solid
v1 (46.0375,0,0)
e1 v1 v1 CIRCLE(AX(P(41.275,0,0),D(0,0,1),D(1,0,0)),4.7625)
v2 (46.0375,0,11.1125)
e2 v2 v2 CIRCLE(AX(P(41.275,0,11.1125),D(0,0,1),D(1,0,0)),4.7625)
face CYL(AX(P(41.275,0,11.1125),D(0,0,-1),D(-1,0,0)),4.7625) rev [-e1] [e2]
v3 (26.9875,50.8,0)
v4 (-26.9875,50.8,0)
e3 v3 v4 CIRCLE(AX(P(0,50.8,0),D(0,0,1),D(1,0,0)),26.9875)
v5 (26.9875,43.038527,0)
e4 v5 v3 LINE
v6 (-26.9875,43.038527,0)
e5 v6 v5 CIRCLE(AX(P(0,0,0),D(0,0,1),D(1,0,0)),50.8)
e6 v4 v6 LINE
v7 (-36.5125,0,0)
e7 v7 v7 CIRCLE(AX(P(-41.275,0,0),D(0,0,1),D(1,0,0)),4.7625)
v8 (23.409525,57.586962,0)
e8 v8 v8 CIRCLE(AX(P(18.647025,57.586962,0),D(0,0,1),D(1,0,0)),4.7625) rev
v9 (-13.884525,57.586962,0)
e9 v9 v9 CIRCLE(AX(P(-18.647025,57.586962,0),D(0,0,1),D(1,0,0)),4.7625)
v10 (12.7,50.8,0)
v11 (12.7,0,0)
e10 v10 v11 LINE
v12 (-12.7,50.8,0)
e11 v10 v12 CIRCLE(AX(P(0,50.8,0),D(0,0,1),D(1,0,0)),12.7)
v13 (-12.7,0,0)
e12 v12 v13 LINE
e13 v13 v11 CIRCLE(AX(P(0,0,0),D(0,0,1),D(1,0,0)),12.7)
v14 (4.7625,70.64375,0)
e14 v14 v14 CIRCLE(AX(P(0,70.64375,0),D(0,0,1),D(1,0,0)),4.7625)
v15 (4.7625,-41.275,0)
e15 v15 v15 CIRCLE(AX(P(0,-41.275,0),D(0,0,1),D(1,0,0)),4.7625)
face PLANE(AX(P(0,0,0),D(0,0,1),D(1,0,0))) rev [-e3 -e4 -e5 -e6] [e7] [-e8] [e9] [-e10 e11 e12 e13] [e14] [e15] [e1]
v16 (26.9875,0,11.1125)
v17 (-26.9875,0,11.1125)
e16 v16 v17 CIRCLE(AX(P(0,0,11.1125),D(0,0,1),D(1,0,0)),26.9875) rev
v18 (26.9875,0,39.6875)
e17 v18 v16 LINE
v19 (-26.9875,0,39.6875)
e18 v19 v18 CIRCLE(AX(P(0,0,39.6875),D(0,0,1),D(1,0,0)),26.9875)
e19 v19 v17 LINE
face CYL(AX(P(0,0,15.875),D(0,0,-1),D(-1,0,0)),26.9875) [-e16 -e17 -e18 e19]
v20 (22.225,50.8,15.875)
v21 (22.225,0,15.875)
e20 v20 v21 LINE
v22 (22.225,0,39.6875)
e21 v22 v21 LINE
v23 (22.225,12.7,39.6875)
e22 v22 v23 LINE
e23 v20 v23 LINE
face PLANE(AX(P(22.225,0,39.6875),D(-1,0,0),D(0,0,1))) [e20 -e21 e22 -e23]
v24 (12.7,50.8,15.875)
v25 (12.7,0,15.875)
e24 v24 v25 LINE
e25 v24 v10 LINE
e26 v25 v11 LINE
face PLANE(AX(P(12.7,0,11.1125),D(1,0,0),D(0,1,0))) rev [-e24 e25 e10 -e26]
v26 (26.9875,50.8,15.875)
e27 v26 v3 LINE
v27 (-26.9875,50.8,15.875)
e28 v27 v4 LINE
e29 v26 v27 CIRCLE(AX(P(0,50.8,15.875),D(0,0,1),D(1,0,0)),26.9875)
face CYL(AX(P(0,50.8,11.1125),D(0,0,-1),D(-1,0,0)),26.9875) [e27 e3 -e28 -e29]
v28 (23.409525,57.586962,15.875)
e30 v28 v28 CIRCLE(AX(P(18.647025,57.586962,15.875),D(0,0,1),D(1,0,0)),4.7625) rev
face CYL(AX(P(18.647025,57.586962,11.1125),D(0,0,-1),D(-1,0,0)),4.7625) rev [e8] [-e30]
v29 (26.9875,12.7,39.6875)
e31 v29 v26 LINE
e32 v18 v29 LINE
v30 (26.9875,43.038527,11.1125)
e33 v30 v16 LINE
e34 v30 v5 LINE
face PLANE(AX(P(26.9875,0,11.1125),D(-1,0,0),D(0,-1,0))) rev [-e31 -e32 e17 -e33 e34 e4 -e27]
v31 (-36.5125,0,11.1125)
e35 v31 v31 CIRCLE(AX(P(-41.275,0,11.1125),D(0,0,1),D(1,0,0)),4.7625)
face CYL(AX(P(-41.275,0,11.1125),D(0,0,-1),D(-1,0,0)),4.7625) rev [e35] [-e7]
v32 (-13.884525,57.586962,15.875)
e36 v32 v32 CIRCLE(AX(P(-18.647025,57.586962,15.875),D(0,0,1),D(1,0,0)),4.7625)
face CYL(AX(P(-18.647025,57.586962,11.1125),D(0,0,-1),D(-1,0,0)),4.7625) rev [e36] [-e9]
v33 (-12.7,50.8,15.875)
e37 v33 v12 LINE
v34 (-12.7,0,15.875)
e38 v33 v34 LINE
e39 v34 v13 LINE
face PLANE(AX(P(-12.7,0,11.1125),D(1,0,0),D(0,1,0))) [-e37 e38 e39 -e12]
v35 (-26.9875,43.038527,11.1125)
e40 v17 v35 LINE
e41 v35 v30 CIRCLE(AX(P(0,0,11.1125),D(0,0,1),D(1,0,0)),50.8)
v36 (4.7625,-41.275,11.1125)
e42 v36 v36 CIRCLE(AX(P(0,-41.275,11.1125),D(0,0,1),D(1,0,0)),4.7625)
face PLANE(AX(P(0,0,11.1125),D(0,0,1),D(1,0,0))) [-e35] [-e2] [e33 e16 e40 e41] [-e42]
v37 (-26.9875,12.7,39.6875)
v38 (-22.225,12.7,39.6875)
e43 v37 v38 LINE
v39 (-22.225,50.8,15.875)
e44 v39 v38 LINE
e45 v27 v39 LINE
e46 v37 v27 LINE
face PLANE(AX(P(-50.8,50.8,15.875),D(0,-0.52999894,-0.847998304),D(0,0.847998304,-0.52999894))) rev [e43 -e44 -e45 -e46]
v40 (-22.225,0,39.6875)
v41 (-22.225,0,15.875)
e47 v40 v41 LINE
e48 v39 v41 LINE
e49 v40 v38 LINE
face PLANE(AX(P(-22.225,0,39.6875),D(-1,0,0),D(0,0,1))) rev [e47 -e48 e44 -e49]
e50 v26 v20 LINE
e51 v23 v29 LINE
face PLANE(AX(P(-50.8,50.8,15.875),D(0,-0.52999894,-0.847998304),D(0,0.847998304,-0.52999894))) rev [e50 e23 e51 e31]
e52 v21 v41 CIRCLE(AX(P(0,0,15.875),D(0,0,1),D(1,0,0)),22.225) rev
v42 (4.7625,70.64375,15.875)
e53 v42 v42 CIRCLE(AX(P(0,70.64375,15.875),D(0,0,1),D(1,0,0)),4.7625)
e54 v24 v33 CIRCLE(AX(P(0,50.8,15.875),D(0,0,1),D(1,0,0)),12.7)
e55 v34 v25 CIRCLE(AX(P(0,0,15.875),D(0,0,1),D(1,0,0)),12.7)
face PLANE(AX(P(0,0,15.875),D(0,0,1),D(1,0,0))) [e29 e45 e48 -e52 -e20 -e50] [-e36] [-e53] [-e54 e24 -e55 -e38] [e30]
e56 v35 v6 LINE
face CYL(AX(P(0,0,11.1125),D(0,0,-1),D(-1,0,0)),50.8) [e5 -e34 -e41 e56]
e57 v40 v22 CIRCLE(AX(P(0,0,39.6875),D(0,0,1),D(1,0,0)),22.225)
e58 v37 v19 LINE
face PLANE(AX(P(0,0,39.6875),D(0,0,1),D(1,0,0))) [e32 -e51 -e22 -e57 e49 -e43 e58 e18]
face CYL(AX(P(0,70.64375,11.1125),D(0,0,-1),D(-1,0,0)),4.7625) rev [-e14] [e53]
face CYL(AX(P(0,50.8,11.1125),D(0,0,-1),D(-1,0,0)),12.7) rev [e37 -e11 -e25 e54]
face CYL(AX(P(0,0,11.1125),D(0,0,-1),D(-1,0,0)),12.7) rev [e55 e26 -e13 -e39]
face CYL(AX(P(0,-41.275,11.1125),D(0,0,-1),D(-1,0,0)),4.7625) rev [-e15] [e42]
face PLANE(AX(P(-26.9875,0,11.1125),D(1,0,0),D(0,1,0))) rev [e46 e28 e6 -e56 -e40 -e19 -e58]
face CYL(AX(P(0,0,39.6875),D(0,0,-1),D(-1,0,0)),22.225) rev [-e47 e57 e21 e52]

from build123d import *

# Parameters (mm, degrees)
SKETCH1_R           = 4.7625
BOSS_EXTRUDE1_DEPTH = 11.1125
SKETCH1_3_R         = 4.7625
BOSS_EXTRUDE2_DEPTH = 15.875
BOSS_EXTRUDE3_DEPTH = 39.6875
CUT_EXTRUDE1_DEPTH  = 117.948227728


with BuildPart() as part:
    # Sketch1 → Boss-Extrude1 (new body)
    with BuildSketch(Plane.XY):
        with BuildLine():
            Line((-26.9875, 50.8), (-26.9875, 43.038527435))
            ThreePointArc((-26.9875, 43.038527435), (0, -50.8), (26.9875, 43.038527435))
            Line((26.9875, 43.038527435), (26.9875, 50.8))
            ThreePointArc((26.9875, 50.8), (0, 77.7875), (-26.9875, 50.8))
        make_face()
        with Locations((0, -41.275)):
            Circle(SKETCH1_R, mode=Mode.SUBTRACT)
        with Locations((-41.275, 0)):
            Circle(SKETCH1_R, mode=Mode.SUBTRACT)
        with Locations((41.275, 0)):
            Circle(SKETCH1_R, mode=Mode.SUBTRACT)
        with BuildLine():
            Line((12.7, 50.8), (12.7, 0))
            ThreePointArc((12.7, 0), (0, -12.7), (-12.7, 0))
            Line((-12.7, 0), (-12.7, 50.8))
            ThreePointArc((-12.7, 50.8), (0, 63.5), (12.7, 50.8))
        make_face(mode=Mode.SUBTRACT)
        with Locations((-18.647025444, 57.586962219)):
            Circle(SKETCH1_R, mode=Mode.SUBTRACT)
        with Locations((0, 70.64375)):
            Circle(SKETCH1_R, mode=Mode.SUBTRACT)
        with Locations((18.647025444, 57.586962219)):
            Circle(SKETCH1_R, mode=Mode.SUBTRACT)
    extrude(amount=BOSS_EXTRUDE1_DEPTH)

    # Sketch1<3> → Boss-Extrude2 (add)
    with BuildSketch(Plane.XY):
        with BuildLine():
            ThreePointArc((-26.9875, 0), (0, -26.9875), (26.9875, 0))
            Line((26.9875, 0), (26.9875, 50.8))
            ThreePointArc((26.9875, 50.8), (0, 77.7875), (-26.9875, 50.8))
            Line((-26.9875, 50.8), (-26.9875, 0))
        make_face()
        with BuildLine():
            Line((12.7, 50.8), (12.7, 0))
            ThreePointArc((12.7, 0), (0, -12.7), (-12.7, 0))
            Line((-12.7, 0), (-12.7, 50.8))
            ThreePointArc((-12.7, 50.8), (0, 63.5), (12.7, 50.8))
        make_face(mode=Mode.SUBTRACT)
        with Locations((-18.647025444, 57.586962219)):
            Circle(SKETCH1_3_R, mode=Mode.SUBTRACT)
        with Locations((0, 70.64375)):
            Circle(SKETCH1_3_R, mode=Mode.SUBTRACT)
        with Locations((18.647025444, 57.586962219)):
            Circle(SKETCH1_3_R, mode=Mode.SUBTRACT)
    extrude(amount=BOSS_EXTRUDE2_DEPTH)

    # Sketch1<4> → Boss-Extrude3 (add)
    with BuildSketch(Plane.XY):
        with BuildLine():
            ThreePointArc((-26.9875, 0), (0, -26.9875), (26.9875, 0))
            Line((26.9875, 0), (26.9875, 43.038527435))
            Line((26.9875, 43.038527435), (26.9875, 50.8))
            Line((26.9875, 50.8), (22.225, 50.8))
            Line((22.225, 50.8), (22.225, 0))
            ThreePointArc((22.225, 0), (0, -22.225), (-22.225, 0))
            Line((-22.225, 0), (-22.225, 50.8))
            Line((-22.225, 50.8), (-26.9875, 50.8))
            Line((-26.9875, 50.8), (-26.9875, 43.038527435))
            Line((-26.9875, 43.038527435), (-26.9875, 0))
        make_face()
    extrude(amount=BOSS_EXTRUDE3_DEPTH)

    # Sketch2 → Cut-Extrude1 (cut, through all)
    with BuildSketch(Plane(origin=(26.9875, 0, 0), x_dir=(0, 0, -1), z_dir=(1, 0, 0))):
        Polygon((-15.875, 50.8), (-39.6875, 12.7), (-39.6875, 50.8), align=None)
    extrude(amount=-CUT_EXTRUDE1_DEPTH, mode=Mode.SUBTRACT)


solid = part.part
